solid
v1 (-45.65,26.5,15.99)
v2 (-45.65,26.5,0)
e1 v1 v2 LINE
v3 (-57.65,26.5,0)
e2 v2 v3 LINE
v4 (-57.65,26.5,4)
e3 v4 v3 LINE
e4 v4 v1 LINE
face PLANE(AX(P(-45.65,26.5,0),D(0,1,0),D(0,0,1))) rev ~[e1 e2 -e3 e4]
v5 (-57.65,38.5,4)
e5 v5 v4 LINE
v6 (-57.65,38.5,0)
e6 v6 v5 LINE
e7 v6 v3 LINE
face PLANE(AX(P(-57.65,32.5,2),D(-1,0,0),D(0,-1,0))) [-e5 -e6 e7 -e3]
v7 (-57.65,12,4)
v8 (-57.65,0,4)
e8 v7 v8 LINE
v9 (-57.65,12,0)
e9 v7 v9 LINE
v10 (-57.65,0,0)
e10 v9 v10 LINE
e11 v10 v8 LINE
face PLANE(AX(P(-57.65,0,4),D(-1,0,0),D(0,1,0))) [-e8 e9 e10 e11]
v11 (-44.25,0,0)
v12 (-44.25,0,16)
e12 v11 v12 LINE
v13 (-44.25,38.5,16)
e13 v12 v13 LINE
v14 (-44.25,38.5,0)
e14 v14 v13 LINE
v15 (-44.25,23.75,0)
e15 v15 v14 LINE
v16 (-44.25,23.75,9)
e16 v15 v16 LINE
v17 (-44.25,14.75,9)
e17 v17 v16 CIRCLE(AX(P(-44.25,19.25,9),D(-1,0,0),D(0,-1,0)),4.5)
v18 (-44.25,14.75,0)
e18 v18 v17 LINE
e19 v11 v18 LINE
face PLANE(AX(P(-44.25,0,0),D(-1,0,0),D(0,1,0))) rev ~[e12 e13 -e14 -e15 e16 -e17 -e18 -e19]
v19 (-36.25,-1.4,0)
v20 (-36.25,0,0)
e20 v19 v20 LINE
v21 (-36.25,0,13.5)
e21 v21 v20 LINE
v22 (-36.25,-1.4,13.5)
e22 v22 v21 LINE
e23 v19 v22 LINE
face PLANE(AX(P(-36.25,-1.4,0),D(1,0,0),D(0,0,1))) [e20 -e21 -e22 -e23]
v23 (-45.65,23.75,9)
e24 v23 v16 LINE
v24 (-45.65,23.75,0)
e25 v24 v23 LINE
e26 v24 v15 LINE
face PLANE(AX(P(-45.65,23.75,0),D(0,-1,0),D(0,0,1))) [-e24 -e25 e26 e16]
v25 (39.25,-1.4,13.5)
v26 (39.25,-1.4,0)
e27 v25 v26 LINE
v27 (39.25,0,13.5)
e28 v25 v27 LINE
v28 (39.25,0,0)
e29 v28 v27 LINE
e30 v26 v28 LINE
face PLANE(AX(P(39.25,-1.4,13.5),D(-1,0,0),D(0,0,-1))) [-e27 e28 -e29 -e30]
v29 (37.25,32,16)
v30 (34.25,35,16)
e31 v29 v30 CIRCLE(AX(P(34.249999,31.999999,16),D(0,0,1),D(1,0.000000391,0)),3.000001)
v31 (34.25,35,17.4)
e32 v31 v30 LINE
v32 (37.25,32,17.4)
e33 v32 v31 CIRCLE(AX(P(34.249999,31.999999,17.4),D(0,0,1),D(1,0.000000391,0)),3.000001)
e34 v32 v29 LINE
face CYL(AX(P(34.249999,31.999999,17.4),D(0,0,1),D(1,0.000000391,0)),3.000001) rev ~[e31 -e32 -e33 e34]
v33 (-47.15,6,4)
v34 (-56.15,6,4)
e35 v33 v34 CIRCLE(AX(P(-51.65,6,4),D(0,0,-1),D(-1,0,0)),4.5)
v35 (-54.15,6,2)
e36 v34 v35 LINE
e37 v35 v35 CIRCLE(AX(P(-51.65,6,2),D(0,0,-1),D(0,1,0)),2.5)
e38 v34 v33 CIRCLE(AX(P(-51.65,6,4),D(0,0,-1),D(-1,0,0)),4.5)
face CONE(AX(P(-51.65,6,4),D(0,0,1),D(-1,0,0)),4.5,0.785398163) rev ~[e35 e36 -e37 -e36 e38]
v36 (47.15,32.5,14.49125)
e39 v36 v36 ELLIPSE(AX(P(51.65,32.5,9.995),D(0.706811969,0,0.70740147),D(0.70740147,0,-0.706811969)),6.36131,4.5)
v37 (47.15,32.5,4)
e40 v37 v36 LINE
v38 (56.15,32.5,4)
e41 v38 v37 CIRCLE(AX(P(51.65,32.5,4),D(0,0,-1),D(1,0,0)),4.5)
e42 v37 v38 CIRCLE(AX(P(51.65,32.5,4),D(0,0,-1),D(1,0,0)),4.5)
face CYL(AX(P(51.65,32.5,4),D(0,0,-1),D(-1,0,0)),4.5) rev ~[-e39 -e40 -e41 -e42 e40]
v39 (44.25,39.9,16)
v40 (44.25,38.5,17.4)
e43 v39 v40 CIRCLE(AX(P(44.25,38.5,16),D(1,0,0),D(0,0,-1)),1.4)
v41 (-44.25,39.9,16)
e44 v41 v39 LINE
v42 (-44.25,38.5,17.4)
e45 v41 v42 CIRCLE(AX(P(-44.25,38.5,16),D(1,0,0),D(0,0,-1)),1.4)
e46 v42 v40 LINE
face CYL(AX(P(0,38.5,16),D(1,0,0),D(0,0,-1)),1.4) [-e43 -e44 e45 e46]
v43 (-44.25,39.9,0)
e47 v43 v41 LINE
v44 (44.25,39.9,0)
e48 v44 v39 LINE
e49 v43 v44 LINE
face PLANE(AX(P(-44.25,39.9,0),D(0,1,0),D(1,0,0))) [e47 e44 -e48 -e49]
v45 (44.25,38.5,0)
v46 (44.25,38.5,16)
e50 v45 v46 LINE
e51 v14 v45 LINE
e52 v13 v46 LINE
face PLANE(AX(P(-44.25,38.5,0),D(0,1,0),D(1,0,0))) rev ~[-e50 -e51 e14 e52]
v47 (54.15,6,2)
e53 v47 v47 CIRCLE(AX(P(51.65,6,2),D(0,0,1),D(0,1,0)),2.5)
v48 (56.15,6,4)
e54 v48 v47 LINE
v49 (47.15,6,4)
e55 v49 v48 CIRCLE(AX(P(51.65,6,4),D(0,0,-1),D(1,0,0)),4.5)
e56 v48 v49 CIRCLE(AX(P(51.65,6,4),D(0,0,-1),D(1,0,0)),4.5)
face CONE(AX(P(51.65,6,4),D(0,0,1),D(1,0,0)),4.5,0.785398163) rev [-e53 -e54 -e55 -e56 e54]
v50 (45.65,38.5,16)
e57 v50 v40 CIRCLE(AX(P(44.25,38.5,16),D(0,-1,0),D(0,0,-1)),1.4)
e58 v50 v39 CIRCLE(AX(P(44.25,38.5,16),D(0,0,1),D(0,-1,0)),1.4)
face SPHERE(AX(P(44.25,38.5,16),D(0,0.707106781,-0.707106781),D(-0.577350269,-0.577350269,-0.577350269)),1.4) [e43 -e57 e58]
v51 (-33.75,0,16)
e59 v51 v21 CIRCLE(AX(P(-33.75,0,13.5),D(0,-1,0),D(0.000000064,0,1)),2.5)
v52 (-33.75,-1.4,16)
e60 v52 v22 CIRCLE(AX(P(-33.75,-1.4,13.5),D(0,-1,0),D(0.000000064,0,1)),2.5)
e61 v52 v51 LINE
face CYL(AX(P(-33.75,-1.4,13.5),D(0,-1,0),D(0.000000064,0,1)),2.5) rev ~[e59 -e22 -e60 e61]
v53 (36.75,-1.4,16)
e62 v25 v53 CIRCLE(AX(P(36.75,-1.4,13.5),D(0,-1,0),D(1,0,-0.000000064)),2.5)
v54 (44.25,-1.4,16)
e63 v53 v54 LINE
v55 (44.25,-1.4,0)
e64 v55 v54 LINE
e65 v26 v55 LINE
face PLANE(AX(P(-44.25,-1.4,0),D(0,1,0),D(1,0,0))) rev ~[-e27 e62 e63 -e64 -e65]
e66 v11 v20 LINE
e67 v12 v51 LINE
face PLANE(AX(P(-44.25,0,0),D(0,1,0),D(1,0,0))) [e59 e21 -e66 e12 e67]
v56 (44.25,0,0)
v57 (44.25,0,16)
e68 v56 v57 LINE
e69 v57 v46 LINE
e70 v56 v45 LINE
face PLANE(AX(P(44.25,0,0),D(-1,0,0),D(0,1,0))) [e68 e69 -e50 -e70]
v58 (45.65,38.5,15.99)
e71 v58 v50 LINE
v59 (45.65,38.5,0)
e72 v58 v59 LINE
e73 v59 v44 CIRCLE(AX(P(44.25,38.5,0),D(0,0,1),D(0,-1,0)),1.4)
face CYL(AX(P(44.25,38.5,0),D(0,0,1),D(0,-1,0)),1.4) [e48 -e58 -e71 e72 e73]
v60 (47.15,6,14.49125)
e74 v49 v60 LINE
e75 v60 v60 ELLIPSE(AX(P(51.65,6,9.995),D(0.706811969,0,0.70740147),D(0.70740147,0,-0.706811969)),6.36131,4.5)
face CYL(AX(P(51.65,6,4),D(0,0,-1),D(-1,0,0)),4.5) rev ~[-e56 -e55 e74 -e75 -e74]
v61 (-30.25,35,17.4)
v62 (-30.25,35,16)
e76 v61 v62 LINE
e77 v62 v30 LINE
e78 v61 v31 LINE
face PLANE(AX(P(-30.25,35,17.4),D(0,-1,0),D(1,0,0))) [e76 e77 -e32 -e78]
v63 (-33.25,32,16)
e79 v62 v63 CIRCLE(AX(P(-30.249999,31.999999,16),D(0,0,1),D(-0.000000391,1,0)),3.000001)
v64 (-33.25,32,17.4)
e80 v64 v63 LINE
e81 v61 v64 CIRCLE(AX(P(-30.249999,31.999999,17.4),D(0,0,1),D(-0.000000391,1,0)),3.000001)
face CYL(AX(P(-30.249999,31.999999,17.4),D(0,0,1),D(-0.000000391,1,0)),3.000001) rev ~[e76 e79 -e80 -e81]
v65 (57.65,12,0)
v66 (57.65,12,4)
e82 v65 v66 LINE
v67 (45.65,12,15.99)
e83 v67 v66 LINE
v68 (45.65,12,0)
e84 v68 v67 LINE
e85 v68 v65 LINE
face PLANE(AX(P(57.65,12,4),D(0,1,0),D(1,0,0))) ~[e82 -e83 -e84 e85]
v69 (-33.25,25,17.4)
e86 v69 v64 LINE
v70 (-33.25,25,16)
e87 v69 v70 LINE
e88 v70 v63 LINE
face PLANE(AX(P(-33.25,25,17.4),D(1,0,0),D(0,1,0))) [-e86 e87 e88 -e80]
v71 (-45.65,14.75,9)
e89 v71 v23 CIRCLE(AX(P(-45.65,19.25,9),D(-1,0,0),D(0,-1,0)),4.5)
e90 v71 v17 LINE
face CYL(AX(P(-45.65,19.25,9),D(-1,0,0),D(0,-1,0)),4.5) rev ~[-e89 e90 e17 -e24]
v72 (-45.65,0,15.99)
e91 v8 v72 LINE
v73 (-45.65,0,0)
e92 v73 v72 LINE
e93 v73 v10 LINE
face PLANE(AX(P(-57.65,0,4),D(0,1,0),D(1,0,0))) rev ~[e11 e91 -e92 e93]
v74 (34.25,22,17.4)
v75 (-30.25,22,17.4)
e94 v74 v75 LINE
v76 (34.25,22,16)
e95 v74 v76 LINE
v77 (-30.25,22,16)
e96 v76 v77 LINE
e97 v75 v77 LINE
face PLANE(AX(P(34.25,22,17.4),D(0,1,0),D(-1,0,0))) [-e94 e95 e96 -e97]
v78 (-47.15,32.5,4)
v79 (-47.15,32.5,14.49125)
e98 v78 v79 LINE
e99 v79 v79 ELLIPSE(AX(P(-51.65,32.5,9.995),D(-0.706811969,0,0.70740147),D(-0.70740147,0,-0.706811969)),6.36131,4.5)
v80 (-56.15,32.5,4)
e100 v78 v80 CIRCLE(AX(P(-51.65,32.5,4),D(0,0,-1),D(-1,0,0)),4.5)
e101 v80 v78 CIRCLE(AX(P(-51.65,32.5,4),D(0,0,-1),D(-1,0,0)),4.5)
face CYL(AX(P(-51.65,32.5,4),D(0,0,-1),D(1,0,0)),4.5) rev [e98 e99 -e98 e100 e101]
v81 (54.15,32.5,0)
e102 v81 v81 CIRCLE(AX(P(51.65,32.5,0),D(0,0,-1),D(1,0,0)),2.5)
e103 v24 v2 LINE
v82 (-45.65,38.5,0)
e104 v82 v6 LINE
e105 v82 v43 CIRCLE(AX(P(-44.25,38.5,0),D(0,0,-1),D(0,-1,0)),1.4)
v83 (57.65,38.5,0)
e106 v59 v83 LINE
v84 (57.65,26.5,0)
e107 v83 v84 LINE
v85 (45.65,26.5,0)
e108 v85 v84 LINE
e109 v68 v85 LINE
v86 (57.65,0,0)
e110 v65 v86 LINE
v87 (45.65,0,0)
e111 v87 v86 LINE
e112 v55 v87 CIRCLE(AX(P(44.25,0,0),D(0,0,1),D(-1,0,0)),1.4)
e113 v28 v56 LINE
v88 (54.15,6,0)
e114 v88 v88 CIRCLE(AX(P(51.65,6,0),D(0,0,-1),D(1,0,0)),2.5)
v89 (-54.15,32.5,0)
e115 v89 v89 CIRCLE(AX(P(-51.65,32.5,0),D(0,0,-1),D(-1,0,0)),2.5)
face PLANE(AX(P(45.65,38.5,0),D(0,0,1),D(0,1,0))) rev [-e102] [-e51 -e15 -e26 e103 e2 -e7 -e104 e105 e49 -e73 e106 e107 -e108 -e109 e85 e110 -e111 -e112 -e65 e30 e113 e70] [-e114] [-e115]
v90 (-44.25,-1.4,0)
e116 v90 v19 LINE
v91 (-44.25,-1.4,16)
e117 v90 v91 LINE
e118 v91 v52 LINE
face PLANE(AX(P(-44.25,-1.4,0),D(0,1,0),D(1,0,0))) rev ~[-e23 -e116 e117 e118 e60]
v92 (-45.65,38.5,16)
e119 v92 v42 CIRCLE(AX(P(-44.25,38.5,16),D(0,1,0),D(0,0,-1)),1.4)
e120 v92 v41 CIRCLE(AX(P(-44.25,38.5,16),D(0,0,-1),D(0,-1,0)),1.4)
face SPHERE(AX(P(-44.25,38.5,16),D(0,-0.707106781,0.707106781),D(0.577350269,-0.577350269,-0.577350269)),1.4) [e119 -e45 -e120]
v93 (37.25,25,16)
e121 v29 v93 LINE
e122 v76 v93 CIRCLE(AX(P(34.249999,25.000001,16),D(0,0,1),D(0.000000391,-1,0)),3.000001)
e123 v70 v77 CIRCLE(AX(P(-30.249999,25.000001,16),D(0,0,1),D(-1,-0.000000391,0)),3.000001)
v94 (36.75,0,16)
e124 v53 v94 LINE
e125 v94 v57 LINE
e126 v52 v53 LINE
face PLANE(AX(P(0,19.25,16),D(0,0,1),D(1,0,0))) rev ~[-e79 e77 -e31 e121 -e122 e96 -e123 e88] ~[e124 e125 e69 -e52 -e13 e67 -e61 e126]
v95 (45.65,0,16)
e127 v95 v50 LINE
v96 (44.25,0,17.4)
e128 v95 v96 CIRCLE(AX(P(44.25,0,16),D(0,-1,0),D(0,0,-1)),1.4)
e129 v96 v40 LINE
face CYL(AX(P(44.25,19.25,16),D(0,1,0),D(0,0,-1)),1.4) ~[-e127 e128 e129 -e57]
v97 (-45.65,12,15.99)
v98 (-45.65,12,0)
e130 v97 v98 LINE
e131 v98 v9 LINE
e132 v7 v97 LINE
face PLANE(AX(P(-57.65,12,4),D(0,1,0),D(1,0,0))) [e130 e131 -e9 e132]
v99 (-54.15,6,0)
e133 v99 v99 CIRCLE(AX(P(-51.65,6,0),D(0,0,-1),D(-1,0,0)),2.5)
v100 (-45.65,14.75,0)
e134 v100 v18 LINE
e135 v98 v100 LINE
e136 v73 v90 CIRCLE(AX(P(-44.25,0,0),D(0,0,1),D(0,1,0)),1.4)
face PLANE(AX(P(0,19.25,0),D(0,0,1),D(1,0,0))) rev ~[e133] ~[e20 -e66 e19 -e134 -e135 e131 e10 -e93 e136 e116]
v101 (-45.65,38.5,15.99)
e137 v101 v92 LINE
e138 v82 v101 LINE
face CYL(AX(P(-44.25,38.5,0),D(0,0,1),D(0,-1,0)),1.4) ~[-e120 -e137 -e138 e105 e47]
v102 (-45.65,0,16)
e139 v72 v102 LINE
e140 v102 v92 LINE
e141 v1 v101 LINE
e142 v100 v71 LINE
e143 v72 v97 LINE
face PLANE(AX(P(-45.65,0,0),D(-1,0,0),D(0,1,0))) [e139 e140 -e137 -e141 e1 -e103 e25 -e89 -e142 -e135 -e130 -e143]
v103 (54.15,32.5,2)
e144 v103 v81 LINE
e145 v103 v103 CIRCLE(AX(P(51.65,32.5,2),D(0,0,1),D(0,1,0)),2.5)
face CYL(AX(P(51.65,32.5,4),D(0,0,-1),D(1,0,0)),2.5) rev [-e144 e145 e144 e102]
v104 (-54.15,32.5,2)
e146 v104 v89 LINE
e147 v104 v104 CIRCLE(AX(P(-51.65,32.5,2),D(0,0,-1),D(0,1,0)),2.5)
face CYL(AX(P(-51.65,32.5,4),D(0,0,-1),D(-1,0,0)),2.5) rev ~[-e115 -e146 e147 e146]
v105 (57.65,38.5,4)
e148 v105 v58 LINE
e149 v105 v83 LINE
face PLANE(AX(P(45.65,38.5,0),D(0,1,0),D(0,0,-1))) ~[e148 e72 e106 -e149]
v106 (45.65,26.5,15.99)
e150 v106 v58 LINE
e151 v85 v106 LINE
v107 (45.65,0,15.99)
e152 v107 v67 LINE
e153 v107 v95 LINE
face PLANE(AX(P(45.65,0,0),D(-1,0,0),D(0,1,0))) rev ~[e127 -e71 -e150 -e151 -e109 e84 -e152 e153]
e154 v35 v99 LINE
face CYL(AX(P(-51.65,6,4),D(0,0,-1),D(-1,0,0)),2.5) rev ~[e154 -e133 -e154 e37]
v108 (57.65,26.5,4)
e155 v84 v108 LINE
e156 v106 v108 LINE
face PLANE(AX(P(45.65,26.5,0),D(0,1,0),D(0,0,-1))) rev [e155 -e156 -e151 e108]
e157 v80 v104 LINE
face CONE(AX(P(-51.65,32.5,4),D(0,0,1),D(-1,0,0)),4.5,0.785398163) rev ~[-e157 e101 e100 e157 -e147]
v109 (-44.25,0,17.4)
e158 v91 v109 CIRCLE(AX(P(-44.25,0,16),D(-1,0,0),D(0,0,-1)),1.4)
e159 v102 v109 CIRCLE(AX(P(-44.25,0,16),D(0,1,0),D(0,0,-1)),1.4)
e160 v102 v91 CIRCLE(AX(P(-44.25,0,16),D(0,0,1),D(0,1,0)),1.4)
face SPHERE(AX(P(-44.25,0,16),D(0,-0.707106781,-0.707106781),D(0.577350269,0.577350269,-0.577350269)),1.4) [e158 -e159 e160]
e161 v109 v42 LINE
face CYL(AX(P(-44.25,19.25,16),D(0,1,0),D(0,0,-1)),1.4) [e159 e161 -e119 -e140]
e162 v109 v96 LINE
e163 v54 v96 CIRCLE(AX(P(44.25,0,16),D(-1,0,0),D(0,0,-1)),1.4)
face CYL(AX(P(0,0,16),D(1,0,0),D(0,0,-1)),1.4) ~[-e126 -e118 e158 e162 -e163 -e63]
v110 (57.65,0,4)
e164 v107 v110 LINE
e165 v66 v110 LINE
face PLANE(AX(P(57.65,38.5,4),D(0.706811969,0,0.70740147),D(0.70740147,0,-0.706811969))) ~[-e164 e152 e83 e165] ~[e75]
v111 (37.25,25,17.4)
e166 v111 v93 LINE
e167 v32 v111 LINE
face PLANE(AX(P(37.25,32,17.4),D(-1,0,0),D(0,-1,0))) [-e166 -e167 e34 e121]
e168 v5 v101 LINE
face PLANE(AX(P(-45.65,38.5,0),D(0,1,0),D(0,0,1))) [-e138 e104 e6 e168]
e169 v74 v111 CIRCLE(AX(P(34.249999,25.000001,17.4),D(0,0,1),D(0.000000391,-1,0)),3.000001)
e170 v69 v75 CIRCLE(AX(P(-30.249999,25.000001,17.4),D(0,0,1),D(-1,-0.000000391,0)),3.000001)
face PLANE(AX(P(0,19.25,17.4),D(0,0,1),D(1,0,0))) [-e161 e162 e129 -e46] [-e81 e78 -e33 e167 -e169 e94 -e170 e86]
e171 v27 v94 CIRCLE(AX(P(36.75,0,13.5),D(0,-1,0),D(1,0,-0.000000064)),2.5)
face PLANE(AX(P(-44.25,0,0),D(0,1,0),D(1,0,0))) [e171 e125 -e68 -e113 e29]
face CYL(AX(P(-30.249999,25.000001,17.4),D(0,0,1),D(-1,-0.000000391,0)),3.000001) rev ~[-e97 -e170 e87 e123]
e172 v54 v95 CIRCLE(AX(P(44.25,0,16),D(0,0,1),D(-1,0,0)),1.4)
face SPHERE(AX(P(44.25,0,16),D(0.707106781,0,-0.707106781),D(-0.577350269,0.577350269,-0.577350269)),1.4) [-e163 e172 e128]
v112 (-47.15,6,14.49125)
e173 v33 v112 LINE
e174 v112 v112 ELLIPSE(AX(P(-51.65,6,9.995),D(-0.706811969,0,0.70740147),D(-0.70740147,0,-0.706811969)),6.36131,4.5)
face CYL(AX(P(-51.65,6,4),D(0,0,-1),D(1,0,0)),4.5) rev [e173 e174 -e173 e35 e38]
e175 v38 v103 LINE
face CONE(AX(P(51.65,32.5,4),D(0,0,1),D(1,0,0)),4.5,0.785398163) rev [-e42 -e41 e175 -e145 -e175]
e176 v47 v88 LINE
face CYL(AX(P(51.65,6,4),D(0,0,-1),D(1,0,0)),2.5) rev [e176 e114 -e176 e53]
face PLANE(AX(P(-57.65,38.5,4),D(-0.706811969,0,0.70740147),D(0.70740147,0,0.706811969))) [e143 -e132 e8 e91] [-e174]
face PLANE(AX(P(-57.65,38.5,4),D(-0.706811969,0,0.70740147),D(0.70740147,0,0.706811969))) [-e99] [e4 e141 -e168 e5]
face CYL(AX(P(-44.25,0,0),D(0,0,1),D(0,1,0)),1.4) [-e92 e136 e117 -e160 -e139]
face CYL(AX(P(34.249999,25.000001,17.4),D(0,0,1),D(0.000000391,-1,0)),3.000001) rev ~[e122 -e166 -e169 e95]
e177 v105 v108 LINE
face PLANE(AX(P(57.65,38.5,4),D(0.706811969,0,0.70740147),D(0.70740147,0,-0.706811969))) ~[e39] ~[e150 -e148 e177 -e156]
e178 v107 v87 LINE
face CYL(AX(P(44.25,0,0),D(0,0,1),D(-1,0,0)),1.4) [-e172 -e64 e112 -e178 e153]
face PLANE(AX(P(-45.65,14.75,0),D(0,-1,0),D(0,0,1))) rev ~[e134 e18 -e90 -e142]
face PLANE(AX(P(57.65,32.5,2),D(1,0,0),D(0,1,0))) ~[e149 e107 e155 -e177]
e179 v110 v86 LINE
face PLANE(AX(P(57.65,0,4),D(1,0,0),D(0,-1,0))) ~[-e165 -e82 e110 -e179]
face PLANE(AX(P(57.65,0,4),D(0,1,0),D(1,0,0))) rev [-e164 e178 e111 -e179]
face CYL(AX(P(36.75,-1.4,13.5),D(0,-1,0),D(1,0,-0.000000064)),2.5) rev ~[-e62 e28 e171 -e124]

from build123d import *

# Parameters (mm, degrees)
SKETCH_W         = 88.5
SKETCH_H         = 38.5
PAD_DEPTH        = 16
THICKNESS_T      = 1.4
POCKET_DEPTH     = 1.4
POCKET001_DEPTH  = 5
POCKET002_DEPTH  = 5
SKETCH004_W      = 12
SKETCH004_H      = 4
PAD001_DEPTH     = 12
HOLE_D           = 5
HOLE_DEPTH       = 25
HOLE_CSINK_D     = 9
HOLE_CSINK_ANGLE = 90
SKETCH006_W      = 12
SKETCH006_H      = 12
SKETCH006_R      = 4.5
PAD002_DEPTH     = 11.99
POCKET003_DEPTH  = 265.106151


with BuildPart() as part:
    # Sketch → Pad (new body)
    with BuildSketch(Plane.XY):
        with Locations((0, 19.25)):
            Rectangle(SKETCH_W, SKETCH_H)
    extrude(amount=PAD_DEPTH)

    # Thickness
    thickness_openings = [part.faces().sort_by_distance(p)[0] for p in [
        (0, 19.25, 0),
    ]]
    offset(amount=THICKNESS_T, openings=thickness_openings)

    # Sketch001 (on Face14 of Thickness) → Pocket (cut)
    with BuildSketch(Plane(origin=(-45.65, 0, 0), x_dir=(0, -1, 0), z_dir=(-1, 0, 0))):
        with BuildLine():
            Line((-23.75, 0), (-23.75, 9))
            ThreePointArc((-14.75, 9), (-19.25, 13.5), (-23.75, 9))
            Line((-14.75, 0), (-14.75, 9))
            Line((-23.75, 0), (-14.75, 0))
        make_face()
    extrude(amount=-POCKET_DEPTH, mode=Mode.SUBTRACT)

    # Sketch002 (on Face26 of Pocket) → Pocket001 (cut)
    with BuildSketch(Plane.XY.offset(17.4)):
        with BuildLine():
            ThreePointArc((-30.25, 35), (-32.37132, 34.12132), (-33.25, 32))
            Line((-33.25, 25), (-33.25, 32))
            ThreePointArc((-33.25, 25), (-32.37132, 22.87868), (-30.25, 22))
            Line((34.25, 22), (-30.25, 22))
            ThreePointArc((34.25, 22), (36.37132, 22.87868), (37.25, 25))
            Line((37.25, 32), (37.25, 25))
            ThreePointArc((37.25, 32), (36.37132, 34.12132), (34.25, 35))
            Line((-30.25, 35), (34.25, 35))
        make_face()
    extrude(amount=-POCKET001_DEPTH, mode=Mode.SUBTRACT)

    # Sketch003 (on Face16 of Pocket001) → Pocket002 (cut)
    with BuildSketch(Plane.XZ.offset(1.4)):
        with BuildLine():
            Line((39.25, 0), (-36.25, 0))
            Line((-36.25, 0), (-36.25, 13.5))
            ThreePointArc((-33.75, 16), (-35.517767, 15.267767), (-36.25, 13.5))
            Line((-33.75, 16), (36.75, 16))
            ThreePointArc((39.25, 13.5), (38.517767, 15.267767), (36.75, 16))
            Line((39.25, 13.5), (39.25, 0))
        make_face()
    extrude(amount=-POCKET002_DEPTH, mode=Mode.SUBTRACT)

    # Sketch004 (on Face9 of Pocket002) → Pad001 (join)
    with BuildSketch(Plane(origin=(-45.65, 0, 0), x_dir=(0, -1, 0), z_dir=(-1, 0, 0))):
        with Locations((-32.5, 2)):
            Rectangle(SKETCH004_W, SKETCH004_H)
        with Locations((-6, 2)):
            Rectangle(SKETCH004_W, SKETCH004_H)
    pad001 = extrude(amount=PAD001_DEPTH)

    # Hole
    with Locations(Plane.XY.offset(4)):
        with Locations((-51.65, 32.5), (-51.65, 6)):
            hole = CounterSinkHole(HOLE_D / 2, HOLE_CSINK_D / 2, depth=HOLE_DEPTH, counter_sink_angle=HOLE_CSINK_ANGLE)

    # Sketch006 (on Face35 of Hole) → Pad002 (join)
    with BuildSketch(Plane.XY.offset(4)):
        with Locations((-51.65, 6)):
            Rectangle(SKETCH006_W, SKETCH006_H)
        with Locations((-51.65, 6)):
            Circle(SKETCH006_R, mode=Mode.SUBTRACT)
        with Locations((-51.65, 32.5)):
            Rectangle(SKETCH006_W, SKETCH006_H)
        with Locations((-51.65, 32.5)):
            Circle(SKETCH006_R, mode=Mode.SUBTRACT)
    pad002 = extrude(amount=PAD002_DEPTH)

    # Sketch007 (on Face56 of Pad002) → Pocket003 (cut, through all)
    with BuildSketch(Plane(origin=(0, 38.5, 0), x_dir=(-1, 0, 0), z_dir=(0, 1, 0))):
        Polygon((45.65, 15.99), (57.65, 15.99), (57.65, 4), align=None)
    pocket003 = extrude(amount=-POCKET003_DEPTH, mode=Mode.SUBTRACT)

    # Mirrored: Pad001, Hole, Pad002, Pocket003 across YZ
    add(pad001.mirror(Plane.YZ))
    add(hole.mirror(Plane.YZ), mode=Mode.SUBTRACT)
    add(pad002.mirror(Plane.YZ))
    add(pocket003.mirror(Plane.YZ), mode=Mode.SUBTRACT)


solid = part.part
